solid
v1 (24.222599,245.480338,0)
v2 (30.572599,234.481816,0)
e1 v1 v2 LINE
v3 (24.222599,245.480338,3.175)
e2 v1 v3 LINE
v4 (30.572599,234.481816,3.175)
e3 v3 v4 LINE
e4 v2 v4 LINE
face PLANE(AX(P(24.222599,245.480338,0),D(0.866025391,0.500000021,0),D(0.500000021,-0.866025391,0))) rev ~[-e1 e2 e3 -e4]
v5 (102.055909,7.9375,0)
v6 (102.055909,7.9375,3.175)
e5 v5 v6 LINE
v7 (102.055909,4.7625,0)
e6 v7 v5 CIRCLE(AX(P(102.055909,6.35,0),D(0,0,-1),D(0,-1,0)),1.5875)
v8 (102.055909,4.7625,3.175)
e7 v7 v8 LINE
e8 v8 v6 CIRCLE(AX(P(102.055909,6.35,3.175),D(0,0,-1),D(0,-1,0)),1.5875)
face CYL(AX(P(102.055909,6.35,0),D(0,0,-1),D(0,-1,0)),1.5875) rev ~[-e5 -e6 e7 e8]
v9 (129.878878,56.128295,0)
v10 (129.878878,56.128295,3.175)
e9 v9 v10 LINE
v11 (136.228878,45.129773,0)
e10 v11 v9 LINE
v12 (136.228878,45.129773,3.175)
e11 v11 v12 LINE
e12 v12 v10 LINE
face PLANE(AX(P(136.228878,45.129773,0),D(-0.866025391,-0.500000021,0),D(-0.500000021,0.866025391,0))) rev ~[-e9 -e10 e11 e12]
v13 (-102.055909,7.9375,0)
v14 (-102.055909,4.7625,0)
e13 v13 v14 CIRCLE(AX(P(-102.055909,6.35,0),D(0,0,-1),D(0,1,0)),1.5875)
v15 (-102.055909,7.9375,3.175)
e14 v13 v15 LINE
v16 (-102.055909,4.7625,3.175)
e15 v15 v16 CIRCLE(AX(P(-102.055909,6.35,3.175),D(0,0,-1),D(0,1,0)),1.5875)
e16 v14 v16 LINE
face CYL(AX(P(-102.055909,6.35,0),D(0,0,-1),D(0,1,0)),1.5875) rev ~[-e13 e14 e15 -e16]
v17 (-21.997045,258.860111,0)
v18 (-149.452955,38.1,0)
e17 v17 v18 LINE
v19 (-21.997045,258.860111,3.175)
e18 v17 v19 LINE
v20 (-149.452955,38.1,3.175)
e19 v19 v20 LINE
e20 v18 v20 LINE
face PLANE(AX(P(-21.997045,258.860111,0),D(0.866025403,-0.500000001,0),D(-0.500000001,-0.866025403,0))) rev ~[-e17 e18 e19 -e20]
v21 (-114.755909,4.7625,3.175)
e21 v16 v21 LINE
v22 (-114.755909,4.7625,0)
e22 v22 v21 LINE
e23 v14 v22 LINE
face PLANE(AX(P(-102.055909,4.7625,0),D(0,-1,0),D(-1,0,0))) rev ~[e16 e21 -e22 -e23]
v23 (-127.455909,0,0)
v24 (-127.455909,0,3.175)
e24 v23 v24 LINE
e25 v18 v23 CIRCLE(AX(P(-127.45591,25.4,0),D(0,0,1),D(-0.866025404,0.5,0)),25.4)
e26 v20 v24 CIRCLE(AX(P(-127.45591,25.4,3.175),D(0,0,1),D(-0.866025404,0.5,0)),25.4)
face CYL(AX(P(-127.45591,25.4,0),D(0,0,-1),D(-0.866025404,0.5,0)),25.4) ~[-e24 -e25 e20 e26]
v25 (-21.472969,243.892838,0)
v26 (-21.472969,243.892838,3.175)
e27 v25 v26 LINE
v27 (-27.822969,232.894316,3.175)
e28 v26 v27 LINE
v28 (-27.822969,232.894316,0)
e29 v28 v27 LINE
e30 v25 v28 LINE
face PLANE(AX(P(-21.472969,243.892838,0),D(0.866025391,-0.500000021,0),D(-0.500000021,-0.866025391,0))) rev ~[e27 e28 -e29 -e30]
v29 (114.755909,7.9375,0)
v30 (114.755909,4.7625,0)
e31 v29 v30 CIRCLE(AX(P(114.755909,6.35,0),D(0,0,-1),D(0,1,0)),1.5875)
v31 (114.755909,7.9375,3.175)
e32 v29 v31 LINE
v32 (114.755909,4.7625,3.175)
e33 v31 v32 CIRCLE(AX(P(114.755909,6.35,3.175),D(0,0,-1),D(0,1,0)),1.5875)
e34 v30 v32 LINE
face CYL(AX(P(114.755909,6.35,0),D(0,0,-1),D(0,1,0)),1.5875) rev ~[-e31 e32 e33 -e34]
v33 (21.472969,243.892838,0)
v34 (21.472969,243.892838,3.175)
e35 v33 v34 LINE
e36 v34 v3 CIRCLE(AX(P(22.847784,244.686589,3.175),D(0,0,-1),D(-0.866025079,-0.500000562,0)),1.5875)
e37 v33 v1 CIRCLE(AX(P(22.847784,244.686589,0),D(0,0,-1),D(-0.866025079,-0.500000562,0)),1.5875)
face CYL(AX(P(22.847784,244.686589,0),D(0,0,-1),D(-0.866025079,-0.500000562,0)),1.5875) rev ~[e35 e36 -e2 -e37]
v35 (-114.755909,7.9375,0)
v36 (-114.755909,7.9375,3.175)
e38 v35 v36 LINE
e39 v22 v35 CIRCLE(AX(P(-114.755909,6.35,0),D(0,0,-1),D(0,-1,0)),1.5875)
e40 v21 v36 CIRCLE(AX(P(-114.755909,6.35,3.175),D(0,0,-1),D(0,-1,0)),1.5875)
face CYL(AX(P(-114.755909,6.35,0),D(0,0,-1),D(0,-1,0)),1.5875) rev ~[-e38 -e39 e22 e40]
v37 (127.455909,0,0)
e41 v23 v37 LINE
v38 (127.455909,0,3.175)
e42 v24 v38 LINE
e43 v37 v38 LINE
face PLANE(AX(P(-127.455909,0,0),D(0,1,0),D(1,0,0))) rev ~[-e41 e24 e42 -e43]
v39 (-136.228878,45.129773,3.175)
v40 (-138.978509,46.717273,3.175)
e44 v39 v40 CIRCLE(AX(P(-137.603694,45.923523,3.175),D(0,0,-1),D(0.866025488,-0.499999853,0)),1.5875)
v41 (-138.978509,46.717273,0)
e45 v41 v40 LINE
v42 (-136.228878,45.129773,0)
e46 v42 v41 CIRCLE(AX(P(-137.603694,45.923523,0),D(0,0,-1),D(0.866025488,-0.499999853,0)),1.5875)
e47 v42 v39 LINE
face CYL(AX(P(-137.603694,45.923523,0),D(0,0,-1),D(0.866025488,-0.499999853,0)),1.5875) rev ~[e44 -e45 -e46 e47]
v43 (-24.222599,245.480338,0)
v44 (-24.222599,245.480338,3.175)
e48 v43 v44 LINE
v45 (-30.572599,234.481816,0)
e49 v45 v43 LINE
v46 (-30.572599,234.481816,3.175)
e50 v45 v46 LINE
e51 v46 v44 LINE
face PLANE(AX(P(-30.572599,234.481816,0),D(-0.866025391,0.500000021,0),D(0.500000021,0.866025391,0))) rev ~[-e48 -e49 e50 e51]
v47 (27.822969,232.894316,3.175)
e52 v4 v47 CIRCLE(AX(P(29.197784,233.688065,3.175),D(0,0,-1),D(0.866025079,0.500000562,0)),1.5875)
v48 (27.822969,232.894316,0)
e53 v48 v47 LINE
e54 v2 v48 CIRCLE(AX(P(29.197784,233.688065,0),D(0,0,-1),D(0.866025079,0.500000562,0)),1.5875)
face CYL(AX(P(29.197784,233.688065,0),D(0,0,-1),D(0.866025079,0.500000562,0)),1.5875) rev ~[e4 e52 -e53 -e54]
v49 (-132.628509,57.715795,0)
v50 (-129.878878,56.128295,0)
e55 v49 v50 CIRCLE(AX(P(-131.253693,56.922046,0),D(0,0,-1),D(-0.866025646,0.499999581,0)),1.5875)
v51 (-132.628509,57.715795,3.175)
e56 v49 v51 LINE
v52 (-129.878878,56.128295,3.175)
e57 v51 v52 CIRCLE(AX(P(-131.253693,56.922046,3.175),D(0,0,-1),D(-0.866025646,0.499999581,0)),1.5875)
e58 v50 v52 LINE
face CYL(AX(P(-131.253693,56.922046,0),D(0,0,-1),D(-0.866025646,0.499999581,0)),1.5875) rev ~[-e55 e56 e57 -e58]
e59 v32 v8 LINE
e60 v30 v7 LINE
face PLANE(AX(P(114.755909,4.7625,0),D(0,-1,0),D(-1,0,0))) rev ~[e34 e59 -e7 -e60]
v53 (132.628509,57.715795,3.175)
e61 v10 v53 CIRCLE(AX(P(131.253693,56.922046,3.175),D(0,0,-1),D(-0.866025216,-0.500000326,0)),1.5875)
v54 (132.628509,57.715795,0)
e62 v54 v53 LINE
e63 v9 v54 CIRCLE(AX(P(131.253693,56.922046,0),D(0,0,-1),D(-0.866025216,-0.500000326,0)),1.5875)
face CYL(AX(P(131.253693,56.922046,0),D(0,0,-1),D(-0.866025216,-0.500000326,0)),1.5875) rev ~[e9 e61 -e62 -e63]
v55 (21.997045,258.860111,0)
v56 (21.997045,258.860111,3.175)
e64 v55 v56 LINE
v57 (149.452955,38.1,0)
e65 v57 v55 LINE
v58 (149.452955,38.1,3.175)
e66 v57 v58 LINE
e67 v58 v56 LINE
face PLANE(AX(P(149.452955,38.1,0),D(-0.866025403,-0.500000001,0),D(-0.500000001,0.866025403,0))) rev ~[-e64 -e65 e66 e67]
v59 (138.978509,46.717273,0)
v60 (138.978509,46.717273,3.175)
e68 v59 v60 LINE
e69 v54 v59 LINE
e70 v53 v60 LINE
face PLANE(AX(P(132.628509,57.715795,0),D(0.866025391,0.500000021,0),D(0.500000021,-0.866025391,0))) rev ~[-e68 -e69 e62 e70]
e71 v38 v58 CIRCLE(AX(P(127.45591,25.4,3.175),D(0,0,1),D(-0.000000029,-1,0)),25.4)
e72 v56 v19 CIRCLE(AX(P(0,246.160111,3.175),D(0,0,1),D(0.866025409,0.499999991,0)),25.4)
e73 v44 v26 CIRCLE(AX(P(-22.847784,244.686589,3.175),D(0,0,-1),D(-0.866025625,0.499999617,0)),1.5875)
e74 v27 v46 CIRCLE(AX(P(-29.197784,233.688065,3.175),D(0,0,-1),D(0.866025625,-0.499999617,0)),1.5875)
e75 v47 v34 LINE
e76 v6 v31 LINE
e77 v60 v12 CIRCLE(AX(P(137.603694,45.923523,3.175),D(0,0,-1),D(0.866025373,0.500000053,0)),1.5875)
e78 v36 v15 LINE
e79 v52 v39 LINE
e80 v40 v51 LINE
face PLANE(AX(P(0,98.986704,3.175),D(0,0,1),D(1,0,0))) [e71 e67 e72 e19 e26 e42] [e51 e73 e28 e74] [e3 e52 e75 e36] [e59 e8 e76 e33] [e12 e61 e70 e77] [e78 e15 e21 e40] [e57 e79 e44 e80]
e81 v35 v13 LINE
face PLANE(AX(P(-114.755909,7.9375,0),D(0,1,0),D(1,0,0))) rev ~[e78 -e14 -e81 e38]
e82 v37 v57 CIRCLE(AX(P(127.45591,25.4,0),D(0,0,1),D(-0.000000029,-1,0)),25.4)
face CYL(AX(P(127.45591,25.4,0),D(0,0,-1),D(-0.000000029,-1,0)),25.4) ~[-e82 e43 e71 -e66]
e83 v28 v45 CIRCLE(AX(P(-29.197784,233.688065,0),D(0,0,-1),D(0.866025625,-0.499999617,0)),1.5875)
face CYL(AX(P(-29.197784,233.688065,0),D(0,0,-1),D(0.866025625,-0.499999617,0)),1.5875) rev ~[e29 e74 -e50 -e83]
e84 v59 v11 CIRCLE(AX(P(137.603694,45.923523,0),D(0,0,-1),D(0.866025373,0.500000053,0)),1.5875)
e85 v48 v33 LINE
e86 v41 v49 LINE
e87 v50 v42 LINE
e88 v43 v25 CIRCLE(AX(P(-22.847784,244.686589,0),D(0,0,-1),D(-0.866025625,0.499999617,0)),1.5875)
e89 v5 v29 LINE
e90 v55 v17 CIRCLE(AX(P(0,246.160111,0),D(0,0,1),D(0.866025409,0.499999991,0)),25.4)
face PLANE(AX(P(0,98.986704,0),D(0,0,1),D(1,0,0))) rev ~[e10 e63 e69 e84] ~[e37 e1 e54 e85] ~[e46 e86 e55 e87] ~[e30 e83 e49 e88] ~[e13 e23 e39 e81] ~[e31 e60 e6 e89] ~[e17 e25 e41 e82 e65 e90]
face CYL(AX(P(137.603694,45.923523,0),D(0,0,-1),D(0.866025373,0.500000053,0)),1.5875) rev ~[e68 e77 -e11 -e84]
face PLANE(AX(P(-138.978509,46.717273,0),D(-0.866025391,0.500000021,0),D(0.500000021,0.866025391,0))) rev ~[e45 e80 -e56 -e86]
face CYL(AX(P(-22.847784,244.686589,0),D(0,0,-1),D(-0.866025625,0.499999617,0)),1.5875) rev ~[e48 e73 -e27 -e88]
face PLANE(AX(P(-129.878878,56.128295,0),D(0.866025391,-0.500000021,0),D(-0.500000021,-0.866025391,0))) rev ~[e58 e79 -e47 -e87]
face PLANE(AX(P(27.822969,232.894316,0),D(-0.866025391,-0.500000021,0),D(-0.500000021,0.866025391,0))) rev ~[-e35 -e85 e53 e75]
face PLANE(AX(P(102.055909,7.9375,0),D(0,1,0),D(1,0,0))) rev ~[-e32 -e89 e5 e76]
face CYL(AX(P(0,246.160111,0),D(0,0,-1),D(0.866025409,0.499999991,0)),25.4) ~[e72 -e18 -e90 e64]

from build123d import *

# Parameters (mm, degrees)
F1_DEPTH = 3.175


with BuildPart() as f1:
    # F0 (on Top) → F1 (new body)
    with BuildSketch(Plane.XY):
        with BuildLine():
            ThreePointArc((-149.452955, 38.1), (-149.452955, 12.7), (-127.455909, 0))
            Line((-127.455909, 0), (127.455909, 0))
            ThreePointArc((127.455909, 0), (149.452955, 12.7), (149.452955, 38.1))
            Line((149.452955, 38.1), (21.997045, 258.860111))
            ThreePointArc((21.997045, 258.860111), (0, 271.560111), (-21.997045, 258.860111))
            Line((-21.997045, 258.860111), (-149.452955, 38.1))
        make_face()
        with BuildLine():
            ThreePointArc((-114.755909, 4.7625), (-116.343409, 6.35), (-114.755909, 7.9375))
            Line((-114.755909, 7.9375), (-102.055909, 7.9375))
            ThreePointArc((-102.055909, 7.9375), (-100.468409, 6.35), (-102.055909, 4.7625))
            Line((-102.055909, 4.7625), (-114.755909, 4.7625))
        make_face(mode=Mode.SUBTRACT)
        with BuildLine():
            ThreePointArc((-136.228878, 45.129773), (-138.397443, 44.548707), (-138.978509, 46.717273))
            Line((-138.978509, 46.717273), (-132.628509, 57.715795))
            ThreePointArc((-132.628509, 57.715795), (-130.459943, 58.296861), (-129.878878, 56.128295))
            Line((-129.878878, 56.128295), (-136.228878, 45.129773))
        make_face(mode=Mode.SUBTRACT)
        with BuildLine():
            ThreePointArc((114.755909, 7.9375), (116.343409, 6.35), (114.755909, 4.7625))
            Line((114.755909, 4.7625), (102.055909, 4.7625))
            ThreePointArc((102.055909, 4.7625), (100.468409, 6.35), (102.055909, 7.9375))
            Line((102.055909, 7.9375), (114.755909, 7.9375))
        make_face(mode=Mode.SUBTRACT)
        with BuildLine():
            ThreePointArc((129.878878, 56.128295), (130.459943, 58.296861), (132.628509, 57.715795))
            Line((132.628509, 57.715795), (138.978509, 46.717273))
            ThreePointArc((138.978509, 46.717273), (138.397443, 44.548707), (136.228878, 45.129773))
            Line((136.228878, 45.129773), (129.878878, 56.128295))
        make_face(mode=Mode.SUBTRACT)
        with BuildLine():
            ThreePointArc((-24.222599, 245.480338), (-22.054034, 246.061404), (-21.472969, 243.892838))
            Line((-21.472969, 243.892838), (-27.822969, 232.894316))
            ThreePointArc((-27.822969, 232.894316), (-29.991534, 232.31325), (-30.572599, 234.481816))
            Line((-30.572599, 234.481816), (-24.222599, 245.480338))
        make_face(mode=Mode.SUBTRACT)
        with BuildLine():
            ThreePointArc((21.472969, 243.892838), (22.054034, 246.061404), (24.222599, 245.480338))
            Line((24.222599, 245.480338), (30.572599, 234.481816))
            ThreePointArc((30.572599, 234.481816), (29.991534, 232.31325), (27.822969, 232.894316))
            Line((27.822969, 232.894316), (21.472969, 243.892838))
        make_face(mode=Mode.SUBTRACT)
    extrude(amount=F1_DEPTH)


solid = f1.part
